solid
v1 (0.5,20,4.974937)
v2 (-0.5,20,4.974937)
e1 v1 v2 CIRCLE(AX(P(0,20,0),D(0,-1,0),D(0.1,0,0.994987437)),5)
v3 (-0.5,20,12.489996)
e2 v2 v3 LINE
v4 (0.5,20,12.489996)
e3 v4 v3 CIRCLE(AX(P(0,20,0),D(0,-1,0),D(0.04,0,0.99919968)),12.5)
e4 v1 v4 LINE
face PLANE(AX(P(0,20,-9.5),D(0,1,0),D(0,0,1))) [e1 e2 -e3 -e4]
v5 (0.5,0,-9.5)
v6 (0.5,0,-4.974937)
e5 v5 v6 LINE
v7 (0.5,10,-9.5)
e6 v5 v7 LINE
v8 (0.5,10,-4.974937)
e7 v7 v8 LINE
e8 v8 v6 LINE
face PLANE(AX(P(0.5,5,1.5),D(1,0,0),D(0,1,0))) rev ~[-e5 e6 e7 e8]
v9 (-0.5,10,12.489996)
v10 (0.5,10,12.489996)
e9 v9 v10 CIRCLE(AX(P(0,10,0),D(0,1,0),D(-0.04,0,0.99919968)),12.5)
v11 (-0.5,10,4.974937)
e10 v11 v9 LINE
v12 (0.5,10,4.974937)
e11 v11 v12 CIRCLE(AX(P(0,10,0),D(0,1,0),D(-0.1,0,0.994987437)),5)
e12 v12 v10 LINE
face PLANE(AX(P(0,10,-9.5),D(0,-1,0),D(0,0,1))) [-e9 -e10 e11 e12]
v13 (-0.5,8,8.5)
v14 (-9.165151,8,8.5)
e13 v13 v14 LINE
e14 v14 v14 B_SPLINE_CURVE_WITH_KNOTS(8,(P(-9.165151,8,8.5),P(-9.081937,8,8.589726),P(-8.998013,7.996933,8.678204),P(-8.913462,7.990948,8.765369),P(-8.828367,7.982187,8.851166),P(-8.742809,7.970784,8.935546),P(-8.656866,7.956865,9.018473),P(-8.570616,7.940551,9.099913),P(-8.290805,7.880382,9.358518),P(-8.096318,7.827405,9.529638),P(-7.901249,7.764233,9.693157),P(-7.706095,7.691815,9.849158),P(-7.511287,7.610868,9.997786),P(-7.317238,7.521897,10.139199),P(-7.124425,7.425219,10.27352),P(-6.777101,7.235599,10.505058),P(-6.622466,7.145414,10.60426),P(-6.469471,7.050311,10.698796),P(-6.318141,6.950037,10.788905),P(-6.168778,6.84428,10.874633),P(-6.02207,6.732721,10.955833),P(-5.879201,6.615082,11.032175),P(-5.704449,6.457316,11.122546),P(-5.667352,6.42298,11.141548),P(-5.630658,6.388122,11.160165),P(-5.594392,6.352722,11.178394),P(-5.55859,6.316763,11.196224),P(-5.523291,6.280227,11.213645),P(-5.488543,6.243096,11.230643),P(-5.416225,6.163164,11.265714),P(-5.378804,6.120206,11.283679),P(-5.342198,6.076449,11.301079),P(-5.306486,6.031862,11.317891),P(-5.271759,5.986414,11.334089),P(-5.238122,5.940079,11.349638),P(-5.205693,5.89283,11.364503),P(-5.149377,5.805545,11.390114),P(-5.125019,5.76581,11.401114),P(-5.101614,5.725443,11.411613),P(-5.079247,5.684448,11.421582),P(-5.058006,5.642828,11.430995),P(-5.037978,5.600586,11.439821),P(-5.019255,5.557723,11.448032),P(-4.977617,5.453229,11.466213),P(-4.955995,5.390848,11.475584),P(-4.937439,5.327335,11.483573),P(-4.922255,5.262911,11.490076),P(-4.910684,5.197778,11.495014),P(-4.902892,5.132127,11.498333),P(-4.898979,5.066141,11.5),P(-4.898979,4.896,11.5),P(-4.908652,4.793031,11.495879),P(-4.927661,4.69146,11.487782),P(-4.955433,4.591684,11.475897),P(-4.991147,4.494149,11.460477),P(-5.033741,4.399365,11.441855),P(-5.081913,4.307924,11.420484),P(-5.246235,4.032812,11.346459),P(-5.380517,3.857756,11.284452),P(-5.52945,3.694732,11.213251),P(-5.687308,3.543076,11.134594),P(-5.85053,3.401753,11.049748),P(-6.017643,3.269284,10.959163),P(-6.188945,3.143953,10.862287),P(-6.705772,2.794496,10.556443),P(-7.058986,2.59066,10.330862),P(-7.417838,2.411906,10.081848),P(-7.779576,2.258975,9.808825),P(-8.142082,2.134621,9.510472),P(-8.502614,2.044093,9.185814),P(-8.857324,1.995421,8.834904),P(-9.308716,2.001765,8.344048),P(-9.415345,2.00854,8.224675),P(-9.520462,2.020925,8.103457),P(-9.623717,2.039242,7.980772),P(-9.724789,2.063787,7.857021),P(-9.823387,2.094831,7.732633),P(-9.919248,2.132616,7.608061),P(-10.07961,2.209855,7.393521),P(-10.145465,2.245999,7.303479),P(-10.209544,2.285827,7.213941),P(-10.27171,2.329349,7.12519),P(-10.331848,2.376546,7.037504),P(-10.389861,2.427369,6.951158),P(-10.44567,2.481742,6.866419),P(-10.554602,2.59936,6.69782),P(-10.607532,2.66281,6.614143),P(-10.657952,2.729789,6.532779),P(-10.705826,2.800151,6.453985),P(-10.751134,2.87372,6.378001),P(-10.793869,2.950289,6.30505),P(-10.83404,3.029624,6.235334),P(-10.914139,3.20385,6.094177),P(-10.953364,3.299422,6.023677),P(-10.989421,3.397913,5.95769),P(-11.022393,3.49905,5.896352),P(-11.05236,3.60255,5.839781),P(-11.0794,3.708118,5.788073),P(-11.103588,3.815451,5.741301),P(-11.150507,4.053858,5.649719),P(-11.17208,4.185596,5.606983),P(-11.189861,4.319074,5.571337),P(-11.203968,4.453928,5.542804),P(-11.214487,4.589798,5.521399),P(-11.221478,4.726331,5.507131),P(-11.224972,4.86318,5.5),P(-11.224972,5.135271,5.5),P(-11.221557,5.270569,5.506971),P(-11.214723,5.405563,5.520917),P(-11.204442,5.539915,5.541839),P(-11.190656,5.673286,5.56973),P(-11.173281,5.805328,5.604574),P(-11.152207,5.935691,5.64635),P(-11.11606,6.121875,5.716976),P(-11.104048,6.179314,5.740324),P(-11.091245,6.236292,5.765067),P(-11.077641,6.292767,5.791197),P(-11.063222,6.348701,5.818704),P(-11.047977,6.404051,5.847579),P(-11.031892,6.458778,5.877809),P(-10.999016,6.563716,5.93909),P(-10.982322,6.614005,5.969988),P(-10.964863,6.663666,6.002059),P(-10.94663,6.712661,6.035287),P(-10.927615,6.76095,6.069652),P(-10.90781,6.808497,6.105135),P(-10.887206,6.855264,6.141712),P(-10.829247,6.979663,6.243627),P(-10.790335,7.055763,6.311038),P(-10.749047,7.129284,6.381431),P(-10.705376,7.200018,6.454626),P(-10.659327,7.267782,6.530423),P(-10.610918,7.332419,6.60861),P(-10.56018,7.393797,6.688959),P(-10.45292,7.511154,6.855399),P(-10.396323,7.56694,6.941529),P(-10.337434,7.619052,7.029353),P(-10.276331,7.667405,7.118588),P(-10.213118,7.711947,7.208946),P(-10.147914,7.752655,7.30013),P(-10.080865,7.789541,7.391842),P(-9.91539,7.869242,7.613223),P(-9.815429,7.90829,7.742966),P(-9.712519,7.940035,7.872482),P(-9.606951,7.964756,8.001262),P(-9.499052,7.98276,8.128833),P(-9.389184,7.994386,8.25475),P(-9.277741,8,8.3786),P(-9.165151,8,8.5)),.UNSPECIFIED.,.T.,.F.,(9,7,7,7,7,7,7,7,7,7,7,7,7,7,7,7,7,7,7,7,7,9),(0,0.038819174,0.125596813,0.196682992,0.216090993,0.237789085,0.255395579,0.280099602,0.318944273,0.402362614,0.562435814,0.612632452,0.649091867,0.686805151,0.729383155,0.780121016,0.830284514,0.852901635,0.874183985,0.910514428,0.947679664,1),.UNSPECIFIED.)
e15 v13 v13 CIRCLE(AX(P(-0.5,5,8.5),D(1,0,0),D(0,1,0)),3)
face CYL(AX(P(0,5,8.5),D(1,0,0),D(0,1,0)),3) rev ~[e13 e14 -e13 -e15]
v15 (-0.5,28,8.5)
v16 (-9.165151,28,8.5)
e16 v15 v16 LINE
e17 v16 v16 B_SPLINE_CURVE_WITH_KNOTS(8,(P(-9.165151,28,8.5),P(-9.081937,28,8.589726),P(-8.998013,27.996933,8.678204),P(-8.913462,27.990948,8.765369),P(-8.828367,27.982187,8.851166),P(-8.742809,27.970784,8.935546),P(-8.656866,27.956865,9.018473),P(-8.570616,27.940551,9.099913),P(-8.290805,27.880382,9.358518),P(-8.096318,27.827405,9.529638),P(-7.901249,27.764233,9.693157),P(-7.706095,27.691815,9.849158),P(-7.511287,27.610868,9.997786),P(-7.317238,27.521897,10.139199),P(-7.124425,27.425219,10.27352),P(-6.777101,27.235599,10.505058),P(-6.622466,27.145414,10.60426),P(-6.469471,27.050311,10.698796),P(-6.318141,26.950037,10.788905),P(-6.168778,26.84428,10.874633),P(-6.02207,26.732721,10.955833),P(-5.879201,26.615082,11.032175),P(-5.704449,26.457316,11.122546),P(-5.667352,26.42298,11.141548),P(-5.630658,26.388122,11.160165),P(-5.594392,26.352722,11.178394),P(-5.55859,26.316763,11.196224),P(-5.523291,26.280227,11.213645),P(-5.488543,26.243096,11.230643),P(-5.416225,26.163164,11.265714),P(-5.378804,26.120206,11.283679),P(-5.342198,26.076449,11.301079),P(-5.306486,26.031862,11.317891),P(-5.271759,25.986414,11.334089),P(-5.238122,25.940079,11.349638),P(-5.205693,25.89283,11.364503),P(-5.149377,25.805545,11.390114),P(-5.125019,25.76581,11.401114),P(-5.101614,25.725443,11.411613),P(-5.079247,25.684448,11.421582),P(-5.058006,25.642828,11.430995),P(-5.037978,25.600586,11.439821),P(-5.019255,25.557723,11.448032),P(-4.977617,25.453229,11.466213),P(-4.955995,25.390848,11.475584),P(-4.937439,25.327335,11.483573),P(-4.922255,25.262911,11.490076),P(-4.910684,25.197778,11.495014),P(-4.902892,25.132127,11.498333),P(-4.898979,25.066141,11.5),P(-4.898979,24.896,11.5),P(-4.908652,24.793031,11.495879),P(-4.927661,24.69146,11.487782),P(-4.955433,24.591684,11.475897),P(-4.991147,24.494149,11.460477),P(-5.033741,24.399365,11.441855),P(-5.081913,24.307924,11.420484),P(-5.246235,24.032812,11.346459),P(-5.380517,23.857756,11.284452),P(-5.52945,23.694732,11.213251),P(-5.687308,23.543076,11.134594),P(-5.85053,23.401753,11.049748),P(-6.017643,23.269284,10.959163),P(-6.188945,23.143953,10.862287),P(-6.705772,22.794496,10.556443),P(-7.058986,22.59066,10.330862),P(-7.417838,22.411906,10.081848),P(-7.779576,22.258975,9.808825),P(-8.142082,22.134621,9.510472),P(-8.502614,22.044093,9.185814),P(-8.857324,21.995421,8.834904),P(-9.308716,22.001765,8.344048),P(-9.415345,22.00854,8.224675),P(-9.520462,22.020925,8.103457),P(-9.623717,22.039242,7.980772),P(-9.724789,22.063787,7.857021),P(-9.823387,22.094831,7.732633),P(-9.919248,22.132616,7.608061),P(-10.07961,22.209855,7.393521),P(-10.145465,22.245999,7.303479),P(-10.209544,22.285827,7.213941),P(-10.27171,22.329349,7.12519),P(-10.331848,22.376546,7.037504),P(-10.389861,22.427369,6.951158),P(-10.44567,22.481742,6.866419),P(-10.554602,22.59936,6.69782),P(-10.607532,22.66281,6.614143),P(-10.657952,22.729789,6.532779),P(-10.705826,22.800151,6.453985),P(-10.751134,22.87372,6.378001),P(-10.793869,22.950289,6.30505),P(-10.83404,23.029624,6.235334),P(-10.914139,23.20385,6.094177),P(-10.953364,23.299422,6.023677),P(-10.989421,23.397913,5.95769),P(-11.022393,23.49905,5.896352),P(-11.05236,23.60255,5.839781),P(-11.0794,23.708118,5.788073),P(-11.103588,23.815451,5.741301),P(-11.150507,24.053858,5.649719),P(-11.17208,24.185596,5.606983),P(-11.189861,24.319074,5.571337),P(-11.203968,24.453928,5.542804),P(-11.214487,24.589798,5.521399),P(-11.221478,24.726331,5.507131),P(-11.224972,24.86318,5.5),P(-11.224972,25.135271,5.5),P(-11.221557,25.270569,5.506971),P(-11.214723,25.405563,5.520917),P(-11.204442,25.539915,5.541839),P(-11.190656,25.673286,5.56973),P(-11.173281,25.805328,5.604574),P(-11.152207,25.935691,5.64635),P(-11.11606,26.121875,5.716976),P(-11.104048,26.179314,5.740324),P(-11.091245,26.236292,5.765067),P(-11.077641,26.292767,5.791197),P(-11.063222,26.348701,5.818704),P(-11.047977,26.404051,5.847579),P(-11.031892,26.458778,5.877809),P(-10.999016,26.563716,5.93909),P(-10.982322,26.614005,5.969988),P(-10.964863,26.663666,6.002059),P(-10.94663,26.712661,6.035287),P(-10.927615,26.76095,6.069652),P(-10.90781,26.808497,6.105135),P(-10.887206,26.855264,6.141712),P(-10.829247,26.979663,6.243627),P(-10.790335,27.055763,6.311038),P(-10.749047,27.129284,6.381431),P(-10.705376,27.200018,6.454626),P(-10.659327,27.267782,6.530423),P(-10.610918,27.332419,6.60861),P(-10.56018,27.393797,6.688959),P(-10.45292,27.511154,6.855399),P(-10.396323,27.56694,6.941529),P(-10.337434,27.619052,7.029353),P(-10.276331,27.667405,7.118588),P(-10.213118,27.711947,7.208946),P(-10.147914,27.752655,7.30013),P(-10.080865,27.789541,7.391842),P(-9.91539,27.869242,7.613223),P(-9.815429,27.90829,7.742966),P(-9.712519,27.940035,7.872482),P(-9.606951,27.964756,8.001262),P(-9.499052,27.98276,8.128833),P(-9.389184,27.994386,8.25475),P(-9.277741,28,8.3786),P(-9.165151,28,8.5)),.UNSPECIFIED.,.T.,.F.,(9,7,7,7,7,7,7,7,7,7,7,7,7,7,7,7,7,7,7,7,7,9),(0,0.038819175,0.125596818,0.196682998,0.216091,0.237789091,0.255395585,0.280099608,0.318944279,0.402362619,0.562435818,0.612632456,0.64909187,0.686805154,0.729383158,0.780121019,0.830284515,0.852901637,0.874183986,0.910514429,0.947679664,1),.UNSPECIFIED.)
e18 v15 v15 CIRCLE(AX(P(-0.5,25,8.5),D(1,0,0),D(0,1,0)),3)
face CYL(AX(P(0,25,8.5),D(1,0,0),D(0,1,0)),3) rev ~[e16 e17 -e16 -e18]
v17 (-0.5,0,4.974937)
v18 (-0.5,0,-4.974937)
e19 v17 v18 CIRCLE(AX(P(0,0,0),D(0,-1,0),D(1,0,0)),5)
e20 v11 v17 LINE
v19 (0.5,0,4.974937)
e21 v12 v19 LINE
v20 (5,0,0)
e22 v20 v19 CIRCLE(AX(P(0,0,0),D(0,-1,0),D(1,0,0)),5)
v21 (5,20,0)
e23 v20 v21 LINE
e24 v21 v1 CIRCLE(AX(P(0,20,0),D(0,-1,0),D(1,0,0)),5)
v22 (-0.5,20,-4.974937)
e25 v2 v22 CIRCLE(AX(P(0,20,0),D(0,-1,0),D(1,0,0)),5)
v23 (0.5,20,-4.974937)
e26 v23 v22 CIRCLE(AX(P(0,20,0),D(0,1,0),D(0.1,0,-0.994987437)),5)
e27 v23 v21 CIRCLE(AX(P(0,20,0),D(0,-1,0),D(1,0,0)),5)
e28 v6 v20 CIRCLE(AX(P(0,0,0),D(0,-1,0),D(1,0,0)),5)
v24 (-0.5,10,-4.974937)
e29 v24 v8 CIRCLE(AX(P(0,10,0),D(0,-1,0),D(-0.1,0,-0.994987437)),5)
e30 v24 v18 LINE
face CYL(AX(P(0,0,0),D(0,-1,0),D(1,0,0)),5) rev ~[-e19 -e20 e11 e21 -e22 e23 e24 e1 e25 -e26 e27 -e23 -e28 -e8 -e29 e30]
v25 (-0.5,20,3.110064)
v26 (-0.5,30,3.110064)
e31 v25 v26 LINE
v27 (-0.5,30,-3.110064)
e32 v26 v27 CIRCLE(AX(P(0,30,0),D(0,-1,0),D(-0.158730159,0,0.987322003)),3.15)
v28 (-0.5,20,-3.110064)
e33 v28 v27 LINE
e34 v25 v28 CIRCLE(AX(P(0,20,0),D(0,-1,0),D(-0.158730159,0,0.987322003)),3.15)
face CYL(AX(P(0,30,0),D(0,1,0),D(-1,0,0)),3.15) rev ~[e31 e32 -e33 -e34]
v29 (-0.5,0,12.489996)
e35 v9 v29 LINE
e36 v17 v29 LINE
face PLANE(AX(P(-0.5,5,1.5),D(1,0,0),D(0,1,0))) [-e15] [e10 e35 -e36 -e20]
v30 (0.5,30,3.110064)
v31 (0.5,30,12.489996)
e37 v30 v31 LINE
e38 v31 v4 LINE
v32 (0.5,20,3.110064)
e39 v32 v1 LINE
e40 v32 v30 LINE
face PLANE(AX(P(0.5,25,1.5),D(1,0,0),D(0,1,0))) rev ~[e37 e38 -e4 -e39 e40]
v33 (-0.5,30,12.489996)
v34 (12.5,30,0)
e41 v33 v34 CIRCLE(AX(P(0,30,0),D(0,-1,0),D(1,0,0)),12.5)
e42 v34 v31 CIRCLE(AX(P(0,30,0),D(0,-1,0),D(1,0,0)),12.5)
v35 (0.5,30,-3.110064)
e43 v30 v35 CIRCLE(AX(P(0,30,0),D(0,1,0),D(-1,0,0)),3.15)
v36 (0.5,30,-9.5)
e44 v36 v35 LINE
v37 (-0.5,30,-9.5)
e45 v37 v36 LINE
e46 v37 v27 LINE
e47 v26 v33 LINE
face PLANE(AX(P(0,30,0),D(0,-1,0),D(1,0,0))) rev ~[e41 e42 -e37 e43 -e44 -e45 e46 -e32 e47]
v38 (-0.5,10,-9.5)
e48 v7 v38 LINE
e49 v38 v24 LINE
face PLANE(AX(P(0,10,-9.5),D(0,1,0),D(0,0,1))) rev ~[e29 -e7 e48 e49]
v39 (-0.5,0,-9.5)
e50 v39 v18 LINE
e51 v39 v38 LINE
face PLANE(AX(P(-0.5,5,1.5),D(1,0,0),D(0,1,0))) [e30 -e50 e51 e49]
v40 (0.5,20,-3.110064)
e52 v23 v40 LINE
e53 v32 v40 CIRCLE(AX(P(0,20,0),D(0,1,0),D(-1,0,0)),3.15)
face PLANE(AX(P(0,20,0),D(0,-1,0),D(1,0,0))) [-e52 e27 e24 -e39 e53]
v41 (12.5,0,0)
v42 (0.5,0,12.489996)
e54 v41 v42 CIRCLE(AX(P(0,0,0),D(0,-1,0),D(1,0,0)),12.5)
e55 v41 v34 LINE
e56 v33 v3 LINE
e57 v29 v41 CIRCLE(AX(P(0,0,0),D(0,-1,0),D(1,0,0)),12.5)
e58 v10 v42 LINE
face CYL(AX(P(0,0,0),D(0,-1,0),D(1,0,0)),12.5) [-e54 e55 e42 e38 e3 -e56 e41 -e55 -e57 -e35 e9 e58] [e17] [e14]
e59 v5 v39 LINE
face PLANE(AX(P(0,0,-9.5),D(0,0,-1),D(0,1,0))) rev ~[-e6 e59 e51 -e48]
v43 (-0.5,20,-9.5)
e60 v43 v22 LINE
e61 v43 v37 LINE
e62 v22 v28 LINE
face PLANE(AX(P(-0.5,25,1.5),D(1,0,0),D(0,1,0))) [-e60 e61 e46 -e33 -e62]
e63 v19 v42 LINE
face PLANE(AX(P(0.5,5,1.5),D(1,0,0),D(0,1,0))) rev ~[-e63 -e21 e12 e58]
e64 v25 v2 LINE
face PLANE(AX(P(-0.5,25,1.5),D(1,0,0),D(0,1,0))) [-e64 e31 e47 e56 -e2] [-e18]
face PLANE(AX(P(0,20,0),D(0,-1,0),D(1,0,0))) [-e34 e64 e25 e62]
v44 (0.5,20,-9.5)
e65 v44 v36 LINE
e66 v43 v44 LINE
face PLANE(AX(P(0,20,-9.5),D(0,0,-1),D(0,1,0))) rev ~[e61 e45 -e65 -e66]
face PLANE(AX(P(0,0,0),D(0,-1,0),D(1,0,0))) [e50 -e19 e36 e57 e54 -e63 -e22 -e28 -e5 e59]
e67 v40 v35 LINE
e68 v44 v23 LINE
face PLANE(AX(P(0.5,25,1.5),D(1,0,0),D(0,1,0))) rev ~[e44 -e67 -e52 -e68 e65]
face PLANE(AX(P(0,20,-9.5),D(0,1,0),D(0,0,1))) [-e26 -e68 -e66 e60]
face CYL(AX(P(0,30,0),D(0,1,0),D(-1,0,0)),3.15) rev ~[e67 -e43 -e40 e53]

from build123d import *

# Parameters (mm, degrees)
F0_R          = 12.5
F1_DEPTH      = 30
F2_R          = 5
F3_DEPTH      = 20
F4_R          = 3.15
F5_DEPTH      = 10
F6_W          = 10
F6_H          = 22
F7_DEPTH      = 0.5
F7_DEPTH_BACK = 0.5
F8_R          = 3
F9_DEPTH      = 12.501


with BuildPart() as f1:
    # F0 (on Front) → F1 (new body)
    with BuildSketch(Plane.XZ):
        Circle(F0_R)
    extrude(amount=-F1_DEPTH)

    # F2 (on face) → F3 (cut)
    with BuildSketch(Plane.XZ):
        Circle(F2_R)
    extrude(amount=-F3_DEPTH, mode=Mode.SUBTRACT)

    # F4 (on face) → F5 (cut, through all)
    with BuildSketch(Plane(origin=(0, 30, 0), x_dir=(-1, 0, 0), z_dir=(0, 1, 0))):
        Circle(F4_R)
    extrude(amount=-F5_DEPTH, mode=Mode.SUBTRACT)

    # F6 (on Right) → F7 (cut, two sides)
    with BuildSketch(Plane.YZ) as f7_sk:
        with Locations((5, 1.5)):
            Rectangle(F6_W, F6_H)
        with Locations((25, 1.5)):
            Rectangle(F6_W, F6_H)
    extrude(amount=-F7_DEPTH, mode=Mode.SUBTRACT)
    extrude(f7_sk.sketch, amount=F7_DEPTH_BACK, mode=Mode.SUBTRACT)

    # F8 (on Right) → F9 (cut, through all)
    with BuildSketch(Plane.YZ):
        with Locations((5, 8.5)):
            Circle(F8_R)
        with Locations((25, 8.5)):
            Circle(F8_R)
    extrude(amount=-F9_DEPTH, mode=Mode.SUBTRACT)


solid = f1.part
